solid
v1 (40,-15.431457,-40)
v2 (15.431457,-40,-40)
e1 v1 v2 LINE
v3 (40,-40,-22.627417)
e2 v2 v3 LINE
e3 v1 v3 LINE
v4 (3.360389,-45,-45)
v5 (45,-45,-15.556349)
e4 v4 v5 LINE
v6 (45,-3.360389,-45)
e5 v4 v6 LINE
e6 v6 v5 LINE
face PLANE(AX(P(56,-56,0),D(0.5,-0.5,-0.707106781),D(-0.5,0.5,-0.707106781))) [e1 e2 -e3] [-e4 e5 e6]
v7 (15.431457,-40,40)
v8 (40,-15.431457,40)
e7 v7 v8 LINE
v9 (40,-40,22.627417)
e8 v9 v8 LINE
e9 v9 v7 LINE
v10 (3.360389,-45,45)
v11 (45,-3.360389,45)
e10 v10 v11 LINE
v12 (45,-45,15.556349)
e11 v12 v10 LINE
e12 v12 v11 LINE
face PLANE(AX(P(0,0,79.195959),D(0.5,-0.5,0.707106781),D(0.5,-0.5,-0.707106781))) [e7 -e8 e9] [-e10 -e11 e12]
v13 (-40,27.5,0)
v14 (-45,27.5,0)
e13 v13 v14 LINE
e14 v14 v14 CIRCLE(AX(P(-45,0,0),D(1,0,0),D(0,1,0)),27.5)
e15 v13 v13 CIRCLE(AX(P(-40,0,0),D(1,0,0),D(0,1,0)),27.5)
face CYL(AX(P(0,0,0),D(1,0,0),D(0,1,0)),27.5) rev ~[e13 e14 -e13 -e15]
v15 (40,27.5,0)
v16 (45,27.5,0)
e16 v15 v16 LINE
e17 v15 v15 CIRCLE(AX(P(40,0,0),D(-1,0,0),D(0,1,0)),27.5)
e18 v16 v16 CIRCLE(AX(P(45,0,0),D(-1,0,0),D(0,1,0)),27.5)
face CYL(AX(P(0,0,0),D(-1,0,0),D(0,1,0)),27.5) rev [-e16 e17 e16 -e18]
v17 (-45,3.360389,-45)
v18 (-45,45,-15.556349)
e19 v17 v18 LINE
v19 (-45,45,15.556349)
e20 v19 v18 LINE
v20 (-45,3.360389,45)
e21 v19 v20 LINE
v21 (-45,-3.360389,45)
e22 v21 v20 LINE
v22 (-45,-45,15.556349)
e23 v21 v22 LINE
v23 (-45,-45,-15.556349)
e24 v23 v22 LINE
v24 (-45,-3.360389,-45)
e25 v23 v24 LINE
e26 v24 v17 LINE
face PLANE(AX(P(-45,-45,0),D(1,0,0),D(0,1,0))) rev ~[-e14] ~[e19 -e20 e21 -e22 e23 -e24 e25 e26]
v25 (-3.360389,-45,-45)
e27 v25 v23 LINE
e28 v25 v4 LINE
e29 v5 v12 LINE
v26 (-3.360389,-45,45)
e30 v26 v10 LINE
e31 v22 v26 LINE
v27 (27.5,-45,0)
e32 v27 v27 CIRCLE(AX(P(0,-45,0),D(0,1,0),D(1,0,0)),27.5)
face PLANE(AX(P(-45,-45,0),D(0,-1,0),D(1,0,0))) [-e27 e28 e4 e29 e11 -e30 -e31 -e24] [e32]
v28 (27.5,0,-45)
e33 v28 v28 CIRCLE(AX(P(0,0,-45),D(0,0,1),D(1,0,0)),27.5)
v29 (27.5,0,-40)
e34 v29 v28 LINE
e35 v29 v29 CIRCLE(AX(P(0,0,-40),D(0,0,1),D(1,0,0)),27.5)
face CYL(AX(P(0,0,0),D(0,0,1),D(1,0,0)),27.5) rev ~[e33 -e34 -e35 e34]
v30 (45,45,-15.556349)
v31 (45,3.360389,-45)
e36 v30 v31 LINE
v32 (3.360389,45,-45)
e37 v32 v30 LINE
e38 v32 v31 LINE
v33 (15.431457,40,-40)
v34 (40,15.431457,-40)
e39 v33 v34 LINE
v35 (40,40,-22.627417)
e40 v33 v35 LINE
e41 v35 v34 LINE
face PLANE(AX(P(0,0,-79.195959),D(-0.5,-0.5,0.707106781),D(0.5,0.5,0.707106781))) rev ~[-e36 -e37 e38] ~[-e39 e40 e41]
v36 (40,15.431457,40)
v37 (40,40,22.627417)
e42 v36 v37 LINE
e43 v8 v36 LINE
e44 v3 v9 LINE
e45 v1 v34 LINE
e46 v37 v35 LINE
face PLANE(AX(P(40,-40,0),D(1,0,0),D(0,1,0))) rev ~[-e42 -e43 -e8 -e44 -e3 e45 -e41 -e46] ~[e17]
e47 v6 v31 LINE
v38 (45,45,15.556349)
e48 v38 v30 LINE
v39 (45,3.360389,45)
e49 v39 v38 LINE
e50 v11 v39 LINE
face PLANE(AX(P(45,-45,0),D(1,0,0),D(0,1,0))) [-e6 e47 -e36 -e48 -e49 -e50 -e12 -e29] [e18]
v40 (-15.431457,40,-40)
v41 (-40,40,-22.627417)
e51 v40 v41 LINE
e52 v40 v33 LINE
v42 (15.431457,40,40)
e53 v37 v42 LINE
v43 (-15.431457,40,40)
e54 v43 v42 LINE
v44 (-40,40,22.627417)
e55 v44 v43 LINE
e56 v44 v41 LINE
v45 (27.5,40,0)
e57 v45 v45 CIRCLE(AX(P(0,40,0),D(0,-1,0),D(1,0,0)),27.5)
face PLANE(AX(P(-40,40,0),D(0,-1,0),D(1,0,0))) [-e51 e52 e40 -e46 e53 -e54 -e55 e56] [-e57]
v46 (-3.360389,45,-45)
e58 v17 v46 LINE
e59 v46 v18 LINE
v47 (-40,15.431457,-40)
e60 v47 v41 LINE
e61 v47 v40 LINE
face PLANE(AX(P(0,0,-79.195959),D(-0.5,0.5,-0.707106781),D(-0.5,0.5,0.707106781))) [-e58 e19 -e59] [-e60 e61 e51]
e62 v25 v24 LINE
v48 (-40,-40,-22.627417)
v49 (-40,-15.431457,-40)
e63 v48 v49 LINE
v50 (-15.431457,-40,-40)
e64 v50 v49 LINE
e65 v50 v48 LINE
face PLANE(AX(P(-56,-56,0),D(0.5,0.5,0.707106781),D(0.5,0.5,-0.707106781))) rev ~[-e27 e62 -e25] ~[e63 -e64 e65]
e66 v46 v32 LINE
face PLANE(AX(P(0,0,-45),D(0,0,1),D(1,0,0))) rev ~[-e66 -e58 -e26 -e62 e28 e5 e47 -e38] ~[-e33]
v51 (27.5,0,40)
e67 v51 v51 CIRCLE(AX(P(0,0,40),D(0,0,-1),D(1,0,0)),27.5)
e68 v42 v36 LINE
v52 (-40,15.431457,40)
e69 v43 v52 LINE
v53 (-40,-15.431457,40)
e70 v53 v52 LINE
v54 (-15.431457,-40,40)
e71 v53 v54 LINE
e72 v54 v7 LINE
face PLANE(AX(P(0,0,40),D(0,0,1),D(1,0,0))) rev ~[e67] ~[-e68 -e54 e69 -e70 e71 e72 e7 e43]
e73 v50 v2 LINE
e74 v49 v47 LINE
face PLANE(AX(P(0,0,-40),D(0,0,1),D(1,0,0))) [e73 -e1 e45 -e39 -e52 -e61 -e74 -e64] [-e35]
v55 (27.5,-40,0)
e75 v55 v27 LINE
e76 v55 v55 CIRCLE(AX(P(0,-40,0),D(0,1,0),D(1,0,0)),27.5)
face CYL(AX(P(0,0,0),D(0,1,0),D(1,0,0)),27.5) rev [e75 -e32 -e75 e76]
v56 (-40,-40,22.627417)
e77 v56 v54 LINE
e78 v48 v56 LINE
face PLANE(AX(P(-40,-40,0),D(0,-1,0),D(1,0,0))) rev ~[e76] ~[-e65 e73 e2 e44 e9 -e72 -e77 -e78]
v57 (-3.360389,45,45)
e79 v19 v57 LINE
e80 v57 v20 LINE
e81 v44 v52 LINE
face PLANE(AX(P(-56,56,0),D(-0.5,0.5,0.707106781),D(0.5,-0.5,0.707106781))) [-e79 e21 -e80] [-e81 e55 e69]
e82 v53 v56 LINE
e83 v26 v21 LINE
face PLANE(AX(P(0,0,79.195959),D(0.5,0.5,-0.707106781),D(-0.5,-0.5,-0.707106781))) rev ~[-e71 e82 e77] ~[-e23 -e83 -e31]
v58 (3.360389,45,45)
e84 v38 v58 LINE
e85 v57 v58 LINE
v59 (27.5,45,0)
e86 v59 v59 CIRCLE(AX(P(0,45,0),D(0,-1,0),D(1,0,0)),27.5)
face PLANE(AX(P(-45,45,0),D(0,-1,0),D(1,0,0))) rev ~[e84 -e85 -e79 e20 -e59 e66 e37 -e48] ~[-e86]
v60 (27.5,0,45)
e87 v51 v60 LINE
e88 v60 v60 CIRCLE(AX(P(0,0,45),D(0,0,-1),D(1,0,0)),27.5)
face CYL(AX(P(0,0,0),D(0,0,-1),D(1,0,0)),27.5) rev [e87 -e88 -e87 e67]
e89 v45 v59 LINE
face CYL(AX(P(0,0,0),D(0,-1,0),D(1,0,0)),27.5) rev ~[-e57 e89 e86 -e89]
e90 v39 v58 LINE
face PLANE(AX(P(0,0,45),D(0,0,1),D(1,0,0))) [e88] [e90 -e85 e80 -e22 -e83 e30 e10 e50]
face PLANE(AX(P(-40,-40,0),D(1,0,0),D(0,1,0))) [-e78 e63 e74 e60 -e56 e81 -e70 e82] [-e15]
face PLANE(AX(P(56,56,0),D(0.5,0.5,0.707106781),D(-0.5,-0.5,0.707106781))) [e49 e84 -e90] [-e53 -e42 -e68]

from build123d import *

# Parameters (mm, degrees)
SKETCH_W             = 90
SKETCH_H             = 90
PAD_DEPTH            = 45
SKETCH001_W          = 80
SKETCH001_H          = 80
POCKET_DEPTH         = 40
SKETCH002_R          = 27.5
POCKET001_DEPTH      = 45.001
POCKET001_DEPTH_BACK = -45.001
SKETCH003_R          = 27.5
POCKET002_DEPTH      = 45.001
POCKET002_DEPTH_BACK = -45.001
SKETCH004_R          = 27.5
POCKET003_DEPTH      = 45.001
POCKET003_DEPTH_BACK = -45.001
POCKET004_DEPTH      = 63.64061
POCKET004_DEPTH_BACK = -63.64061
POCKET005_DEPTH      = 63.64061
POCKET005_DEPTH_BACK = -63.64061


with BuildPart() as part:
    # Sketch → Pad (new body, symmetric)
    with BuildSketch(Plane.XY):
        Rectangle(SKETCH_W, SKETCH_H)
    extrude(amount=PAD_DEPTH, both=True)

    # Sketch001 → Pocket (cut, symmetric)
    with BuildSketch(Plane.XY):
        Rectangle(SKETCH001_W, SKETCH001_H)
    extrude(amount=POCKET_DEPTH, both=True, mode=Mode.SUBTRACT)

    # Sketch002 → Pocket001 (cut, two sides)
    with BuildSketch(Plane.XY) as pocket001_sk:
        Circle(SKETCH002_R)
    extrude(amount=-POCKET001_DEPTH, mode=Mode.SUBTRACT)
    extrude(pocket001_sk.sketch, amount=-POCKET001_DEPTH_BACK, mode=Mode.SUBTRACT)

    # Sketch003 → Pocket002 (cut, two sides)
    with BuildSketch(Plane.XZ) as pocket002_sk:
        Circle(SKETCH003_R)
    extrude(amount=-POCKET002_DEPTH, mode=Mode.SUBTRACT)
    extrude(pocket002_sk.sketch, amount=-POCKET002_DEPTH_BACK, mode=Mode.SUBTRACT)

    # Sketch004 → Pocket003 (cut, two sides)
    with BuildSketch(Plane.YZ) as pocket003_sk:
        Circle(SKETCH004_R)
    extrude(amount=-POCKET003_DEPTH, mode=Mode.SUBTRACT)
    extrude(pocket003_sk.sketch, amount=-POCKET003_DEPTH_BACK, mode=Mode.SUBTRACT)

    # Sketch005 → Pocket004 (cut, two sides)
    with BuildSketch(Plane(origin=(0, 0, 0), x_dir=(0.707107, 0.707107, 0), z_dir=(0.707107, -0.707107, 0))) as pocket004_sk:
        Polygon((0, 121.622366), (121.622366, 0), (0, -121.622366), (-121.622366, 0), align=None)
        Polygon((0, 79.195959), (-79.195959, 0), (0, -79.195959), (79.195959, 0), align=None, mode=Mode.SUBTRACT)
    extrude(amount=-POCKET004_DEPTH, mode=Mode.SUBTRACT)
    extrude(pocket004_sk.sketch, amount=-POCKET004_DEPTH_BACK, mode=Mode.SUBTRACT)

    # Sketch006 → Pocket005 (cut, two sides)
    with BuildSketch(Plane(origin=(0, 0, 0), x_dir=(0.707107, -0.707107, 0), z_dir=(-0.707107, -0.707107, 0))) as pocket005_sk:
        Polygon((-121.622366, 0), (0, 121.622366), (121.622366, 0), (0, -121.622366), align=None)
        Polygon((-79.195959, 0), (0, 79.195959), (79.195959, 0), (0, -79.195959), align=None, mode=Mode.SUBTRACT)
    extrude(amount=-POCKET005_DEPTH, mode=Mode.SUBTRACT)
    extrude(pocket005_sk.sketch, amount=-POCKET005_DEPTH_BACK, mode=Mode.SUBTRACT)


solid = part.part
